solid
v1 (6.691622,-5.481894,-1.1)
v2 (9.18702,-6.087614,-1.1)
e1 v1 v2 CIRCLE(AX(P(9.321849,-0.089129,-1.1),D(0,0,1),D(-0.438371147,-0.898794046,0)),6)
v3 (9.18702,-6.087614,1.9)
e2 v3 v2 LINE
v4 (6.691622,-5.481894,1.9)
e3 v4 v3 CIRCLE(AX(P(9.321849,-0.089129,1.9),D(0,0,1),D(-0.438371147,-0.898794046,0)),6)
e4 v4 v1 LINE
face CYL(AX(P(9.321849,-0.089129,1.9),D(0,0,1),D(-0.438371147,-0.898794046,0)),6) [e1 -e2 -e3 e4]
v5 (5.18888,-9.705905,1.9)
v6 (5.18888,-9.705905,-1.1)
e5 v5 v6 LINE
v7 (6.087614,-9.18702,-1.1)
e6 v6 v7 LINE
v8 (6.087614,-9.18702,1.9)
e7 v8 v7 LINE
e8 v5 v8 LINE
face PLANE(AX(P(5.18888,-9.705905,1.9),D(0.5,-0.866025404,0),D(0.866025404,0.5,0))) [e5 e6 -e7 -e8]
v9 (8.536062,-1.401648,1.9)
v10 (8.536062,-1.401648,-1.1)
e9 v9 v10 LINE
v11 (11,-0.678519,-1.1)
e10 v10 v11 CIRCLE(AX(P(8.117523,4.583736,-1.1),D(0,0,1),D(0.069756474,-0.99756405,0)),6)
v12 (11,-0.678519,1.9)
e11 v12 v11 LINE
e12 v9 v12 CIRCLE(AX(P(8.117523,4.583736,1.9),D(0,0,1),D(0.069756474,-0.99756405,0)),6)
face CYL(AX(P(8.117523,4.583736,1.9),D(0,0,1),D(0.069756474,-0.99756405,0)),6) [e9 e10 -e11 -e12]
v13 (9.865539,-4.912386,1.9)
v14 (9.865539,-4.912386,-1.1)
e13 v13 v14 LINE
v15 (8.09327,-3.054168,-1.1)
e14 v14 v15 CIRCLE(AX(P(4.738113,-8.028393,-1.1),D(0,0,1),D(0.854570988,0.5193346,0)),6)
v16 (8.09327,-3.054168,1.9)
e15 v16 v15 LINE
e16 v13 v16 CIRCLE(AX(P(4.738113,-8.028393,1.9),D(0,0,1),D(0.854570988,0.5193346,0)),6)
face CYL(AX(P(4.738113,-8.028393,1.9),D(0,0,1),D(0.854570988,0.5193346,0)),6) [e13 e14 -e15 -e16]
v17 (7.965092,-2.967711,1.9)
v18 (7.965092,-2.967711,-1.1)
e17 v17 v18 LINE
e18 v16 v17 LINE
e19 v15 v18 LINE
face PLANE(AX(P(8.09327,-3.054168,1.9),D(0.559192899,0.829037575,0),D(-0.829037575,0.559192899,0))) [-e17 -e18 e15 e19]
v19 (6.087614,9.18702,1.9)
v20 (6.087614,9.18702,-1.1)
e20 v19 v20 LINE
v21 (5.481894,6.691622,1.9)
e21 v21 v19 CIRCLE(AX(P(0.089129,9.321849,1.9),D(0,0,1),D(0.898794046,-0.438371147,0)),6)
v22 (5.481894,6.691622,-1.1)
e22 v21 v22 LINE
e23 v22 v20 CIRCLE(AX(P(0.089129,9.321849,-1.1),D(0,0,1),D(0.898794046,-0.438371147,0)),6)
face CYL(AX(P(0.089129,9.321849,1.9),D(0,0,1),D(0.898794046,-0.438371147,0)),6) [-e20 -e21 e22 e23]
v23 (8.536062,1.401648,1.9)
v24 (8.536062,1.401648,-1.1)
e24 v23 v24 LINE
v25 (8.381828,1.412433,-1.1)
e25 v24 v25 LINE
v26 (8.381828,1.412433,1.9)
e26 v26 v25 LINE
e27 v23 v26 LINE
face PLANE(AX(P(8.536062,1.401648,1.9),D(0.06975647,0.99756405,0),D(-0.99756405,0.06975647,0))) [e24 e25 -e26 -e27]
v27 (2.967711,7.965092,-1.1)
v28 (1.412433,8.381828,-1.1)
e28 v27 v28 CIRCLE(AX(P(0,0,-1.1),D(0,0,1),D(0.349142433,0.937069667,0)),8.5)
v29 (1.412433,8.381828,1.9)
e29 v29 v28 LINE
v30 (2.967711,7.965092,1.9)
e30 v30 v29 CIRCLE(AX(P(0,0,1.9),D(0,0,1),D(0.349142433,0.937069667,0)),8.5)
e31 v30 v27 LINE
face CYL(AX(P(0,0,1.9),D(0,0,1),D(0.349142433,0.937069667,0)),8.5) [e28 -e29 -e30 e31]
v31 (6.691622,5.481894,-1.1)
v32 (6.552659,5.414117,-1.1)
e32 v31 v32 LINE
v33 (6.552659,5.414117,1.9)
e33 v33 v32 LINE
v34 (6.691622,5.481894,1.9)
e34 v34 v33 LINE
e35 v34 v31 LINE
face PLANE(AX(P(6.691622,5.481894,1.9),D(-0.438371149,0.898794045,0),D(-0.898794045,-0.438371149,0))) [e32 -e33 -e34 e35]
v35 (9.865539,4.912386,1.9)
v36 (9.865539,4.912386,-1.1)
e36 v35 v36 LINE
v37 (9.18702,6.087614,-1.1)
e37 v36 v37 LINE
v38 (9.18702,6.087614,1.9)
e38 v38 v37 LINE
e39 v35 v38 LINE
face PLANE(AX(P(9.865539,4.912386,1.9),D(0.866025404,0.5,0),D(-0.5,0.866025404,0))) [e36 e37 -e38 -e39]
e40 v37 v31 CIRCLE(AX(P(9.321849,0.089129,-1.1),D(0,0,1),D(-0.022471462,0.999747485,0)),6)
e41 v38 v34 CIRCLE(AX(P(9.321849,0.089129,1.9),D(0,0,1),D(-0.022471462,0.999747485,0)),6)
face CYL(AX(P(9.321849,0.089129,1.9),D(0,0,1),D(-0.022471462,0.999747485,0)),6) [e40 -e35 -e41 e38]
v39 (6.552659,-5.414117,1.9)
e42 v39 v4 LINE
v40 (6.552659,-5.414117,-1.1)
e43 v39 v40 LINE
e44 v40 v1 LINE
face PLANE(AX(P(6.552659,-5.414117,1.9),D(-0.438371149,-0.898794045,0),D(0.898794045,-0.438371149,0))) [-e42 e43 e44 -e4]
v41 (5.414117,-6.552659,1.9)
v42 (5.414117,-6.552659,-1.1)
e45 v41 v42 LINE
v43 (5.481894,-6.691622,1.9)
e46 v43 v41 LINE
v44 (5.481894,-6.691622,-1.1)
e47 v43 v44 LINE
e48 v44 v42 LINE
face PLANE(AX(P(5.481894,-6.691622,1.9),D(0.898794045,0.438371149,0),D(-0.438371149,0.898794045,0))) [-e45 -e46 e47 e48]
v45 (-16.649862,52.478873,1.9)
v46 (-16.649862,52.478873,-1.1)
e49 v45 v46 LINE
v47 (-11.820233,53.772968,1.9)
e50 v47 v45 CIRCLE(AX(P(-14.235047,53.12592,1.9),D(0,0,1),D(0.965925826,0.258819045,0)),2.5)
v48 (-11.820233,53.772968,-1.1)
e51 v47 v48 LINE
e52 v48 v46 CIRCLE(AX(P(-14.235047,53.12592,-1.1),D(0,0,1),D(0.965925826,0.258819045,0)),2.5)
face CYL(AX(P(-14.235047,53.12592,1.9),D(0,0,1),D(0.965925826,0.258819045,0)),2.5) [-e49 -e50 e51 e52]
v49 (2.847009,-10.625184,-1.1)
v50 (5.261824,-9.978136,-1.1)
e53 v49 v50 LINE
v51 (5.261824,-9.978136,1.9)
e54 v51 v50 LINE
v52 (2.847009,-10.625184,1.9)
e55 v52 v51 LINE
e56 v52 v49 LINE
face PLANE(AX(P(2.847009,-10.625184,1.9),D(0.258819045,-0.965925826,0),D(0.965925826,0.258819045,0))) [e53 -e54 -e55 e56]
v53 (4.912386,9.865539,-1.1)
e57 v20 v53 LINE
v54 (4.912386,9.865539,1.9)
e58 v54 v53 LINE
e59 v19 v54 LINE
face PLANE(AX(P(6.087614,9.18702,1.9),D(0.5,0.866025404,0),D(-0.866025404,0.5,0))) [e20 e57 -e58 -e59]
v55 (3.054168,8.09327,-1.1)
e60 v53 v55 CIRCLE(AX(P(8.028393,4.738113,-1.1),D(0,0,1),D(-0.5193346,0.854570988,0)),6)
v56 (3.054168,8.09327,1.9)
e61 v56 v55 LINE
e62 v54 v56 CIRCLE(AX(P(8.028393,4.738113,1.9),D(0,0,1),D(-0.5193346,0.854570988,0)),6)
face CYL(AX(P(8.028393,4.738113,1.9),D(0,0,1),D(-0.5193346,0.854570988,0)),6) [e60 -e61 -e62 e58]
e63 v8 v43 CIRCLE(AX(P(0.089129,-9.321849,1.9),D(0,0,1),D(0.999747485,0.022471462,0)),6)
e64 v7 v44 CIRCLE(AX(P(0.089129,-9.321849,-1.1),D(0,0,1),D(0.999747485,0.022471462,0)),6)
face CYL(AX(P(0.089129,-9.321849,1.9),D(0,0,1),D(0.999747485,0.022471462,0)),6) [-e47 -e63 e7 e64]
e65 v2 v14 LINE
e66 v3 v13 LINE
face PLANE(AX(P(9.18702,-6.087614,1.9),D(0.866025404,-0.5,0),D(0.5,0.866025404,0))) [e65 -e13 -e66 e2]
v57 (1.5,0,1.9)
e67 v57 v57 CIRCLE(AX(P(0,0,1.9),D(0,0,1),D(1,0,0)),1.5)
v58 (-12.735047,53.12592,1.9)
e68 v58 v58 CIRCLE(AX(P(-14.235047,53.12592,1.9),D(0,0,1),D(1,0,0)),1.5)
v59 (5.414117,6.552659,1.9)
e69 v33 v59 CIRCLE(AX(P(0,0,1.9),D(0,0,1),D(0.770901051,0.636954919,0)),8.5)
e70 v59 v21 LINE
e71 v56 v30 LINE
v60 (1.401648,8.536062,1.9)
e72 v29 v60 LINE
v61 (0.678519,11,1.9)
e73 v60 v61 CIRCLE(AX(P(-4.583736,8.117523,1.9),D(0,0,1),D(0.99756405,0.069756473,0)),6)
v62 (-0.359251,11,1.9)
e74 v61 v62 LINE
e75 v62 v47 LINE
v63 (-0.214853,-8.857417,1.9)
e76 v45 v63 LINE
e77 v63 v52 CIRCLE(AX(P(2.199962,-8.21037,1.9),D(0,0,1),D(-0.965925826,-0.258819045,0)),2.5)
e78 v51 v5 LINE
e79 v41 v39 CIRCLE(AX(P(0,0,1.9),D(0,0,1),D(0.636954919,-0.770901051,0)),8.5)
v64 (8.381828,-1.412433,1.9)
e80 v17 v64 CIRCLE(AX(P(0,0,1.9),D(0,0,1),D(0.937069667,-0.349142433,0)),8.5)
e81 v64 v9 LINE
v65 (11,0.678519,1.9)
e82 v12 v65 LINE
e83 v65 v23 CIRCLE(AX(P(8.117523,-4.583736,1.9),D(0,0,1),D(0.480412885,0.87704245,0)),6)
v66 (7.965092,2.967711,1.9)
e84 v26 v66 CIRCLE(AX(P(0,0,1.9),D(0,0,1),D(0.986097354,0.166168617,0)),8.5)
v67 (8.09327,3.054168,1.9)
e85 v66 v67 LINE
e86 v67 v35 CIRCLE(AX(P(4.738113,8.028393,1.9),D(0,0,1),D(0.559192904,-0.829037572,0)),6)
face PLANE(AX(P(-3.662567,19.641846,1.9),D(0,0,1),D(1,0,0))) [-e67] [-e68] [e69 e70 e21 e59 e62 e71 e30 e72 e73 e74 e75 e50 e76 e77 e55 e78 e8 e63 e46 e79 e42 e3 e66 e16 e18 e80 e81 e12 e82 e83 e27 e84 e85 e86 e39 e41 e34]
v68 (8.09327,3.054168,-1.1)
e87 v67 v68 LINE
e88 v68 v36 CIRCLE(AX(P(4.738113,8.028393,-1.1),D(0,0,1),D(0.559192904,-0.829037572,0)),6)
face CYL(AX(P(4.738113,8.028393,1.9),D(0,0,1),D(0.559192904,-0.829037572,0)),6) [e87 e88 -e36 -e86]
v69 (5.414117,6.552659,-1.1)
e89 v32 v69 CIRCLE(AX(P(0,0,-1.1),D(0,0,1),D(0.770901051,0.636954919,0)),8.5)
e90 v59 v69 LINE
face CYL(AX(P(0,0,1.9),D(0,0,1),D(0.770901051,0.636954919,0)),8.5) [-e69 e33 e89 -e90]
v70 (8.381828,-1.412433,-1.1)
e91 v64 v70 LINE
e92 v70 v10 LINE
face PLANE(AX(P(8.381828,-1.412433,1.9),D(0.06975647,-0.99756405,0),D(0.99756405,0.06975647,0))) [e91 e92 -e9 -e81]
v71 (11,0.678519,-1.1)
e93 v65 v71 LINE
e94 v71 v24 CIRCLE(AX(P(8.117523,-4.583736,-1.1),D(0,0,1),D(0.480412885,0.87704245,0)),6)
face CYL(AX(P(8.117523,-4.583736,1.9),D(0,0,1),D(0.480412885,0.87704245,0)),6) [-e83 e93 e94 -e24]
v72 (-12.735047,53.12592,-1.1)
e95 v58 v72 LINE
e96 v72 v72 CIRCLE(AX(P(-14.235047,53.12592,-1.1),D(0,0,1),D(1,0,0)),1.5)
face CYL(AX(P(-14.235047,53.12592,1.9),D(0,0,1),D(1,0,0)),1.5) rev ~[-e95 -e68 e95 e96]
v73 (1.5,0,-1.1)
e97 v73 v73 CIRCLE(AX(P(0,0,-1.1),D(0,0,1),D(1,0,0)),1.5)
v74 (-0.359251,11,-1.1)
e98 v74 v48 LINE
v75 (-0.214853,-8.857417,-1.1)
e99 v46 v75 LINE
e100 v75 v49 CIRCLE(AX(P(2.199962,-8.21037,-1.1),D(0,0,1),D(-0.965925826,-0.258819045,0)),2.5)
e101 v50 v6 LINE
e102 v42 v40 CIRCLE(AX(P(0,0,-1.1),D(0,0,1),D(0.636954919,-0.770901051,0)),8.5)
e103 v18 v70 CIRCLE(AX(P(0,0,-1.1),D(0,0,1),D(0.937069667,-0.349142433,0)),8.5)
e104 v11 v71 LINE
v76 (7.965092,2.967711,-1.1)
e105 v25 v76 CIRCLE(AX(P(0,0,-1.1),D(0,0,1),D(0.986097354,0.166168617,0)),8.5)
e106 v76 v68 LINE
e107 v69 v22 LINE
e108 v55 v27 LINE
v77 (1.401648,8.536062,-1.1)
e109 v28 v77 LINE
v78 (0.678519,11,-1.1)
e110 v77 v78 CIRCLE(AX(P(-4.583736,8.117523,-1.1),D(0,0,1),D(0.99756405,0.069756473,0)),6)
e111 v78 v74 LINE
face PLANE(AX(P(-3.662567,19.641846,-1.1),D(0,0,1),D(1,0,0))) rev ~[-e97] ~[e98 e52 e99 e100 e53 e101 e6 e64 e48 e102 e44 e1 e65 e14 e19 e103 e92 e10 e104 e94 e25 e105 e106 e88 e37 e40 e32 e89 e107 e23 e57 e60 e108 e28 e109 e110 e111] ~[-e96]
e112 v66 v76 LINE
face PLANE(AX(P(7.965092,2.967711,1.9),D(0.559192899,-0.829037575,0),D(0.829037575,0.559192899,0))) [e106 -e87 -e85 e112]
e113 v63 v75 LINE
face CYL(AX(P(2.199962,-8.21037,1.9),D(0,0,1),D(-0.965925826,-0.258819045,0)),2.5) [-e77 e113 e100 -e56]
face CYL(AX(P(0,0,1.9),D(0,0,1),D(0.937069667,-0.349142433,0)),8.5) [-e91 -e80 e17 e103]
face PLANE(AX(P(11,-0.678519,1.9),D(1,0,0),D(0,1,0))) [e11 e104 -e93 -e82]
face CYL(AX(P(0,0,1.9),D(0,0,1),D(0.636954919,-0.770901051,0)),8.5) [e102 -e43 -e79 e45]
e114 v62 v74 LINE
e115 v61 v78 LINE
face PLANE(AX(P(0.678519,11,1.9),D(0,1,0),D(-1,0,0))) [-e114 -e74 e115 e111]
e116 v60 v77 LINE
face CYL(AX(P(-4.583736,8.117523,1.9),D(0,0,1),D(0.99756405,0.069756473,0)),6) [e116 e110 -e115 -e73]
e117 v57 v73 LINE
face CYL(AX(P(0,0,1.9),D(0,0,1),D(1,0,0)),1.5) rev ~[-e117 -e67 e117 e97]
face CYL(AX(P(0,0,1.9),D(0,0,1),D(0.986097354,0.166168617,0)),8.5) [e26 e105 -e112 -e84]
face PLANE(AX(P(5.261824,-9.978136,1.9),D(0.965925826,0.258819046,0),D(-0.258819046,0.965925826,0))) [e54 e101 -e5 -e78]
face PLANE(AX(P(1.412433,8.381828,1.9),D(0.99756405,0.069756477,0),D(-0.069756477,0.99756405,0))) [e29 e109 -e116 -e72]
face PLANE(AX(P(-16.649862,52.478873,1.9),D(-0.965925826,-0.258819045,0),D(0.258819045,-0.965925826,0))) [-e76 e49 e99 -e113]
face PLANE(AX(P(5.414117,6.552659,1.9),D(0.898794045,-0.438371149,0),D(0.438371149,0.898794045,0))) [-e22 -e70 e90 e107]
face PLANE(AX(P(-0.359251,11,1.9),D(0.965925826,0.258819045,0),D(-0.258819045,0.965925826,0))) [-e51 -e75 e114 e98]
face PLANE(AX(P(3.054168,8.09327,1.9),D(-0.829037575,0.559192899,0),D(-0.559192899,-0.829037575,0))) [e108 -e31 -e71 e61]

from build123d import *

# Parameters (mm, degrees)
SKETCH1_R           = 1.5
BOSS_EXTRUDE1_DEPTH = 3


with BuildPart() as part:
    # Sketch1 → Boss-Extrude1 (new body)
    with BuildSketch(Plane.XY.offset(1.9)):
        with BuildLine():
            Line((-16.649862046, 52.478872833), (-0.214852682, -8.857417136))
            ThreePointArc((-0.214852682, -8.857417136), (0.949961883, -10.375433033), (2.847009496, -10.625184089))
            Line((2.847009496, -10.625184089), (5.261824062, -9.978136476))
            Line((5.261824062, -9.978136476), (5.188879797, -9.705904774))
            Line((5.188879797, -9.705904774), (6.08761429, -9.187020173))
            ThreePointArc((6.08761429, -9.187020173), (5.919814799, -7.906537121), (5.481893659, -6.691622066))
            Line((5.481893659, -6.691622066), (5.414116812, -6.552658937))
            ThreePointArc((5.414116812, -6.552658937), (6.01040764, -6.01040764), (6.552658937, -5.414116812))
            Line((6.552658937, -5.414116812), (6.691622066, -5.481893659))
            ThreePointArc((6.691622066, -5.481893659), (7.906537121, -5.919814799), (9.187020173, -6.08761429))
            Line((9.187020173, -6.08761429), (9.86553871, -4.91238571))
            ThreePointArc((9.86553871, -4.91238571), (9.079978562, -3.887354604), (8.093270203, -3.054167872))
            Line((8.093270203, -3.054167872), (7.965092167, -2.967710696))
            ThreePointArc((7.965092167, -2.967710696), (8.210369523, -2.199961883), (8.381827508, -1.41243323))
            Line((8.381827508, -1.41243323), (8.536061531, -1.401648137))
            ThreePointArc((8.536061531, -1.401648137), (9.807169402, -1.173441441), (11, -0.678518537))
            Line((11, -0.678518537), (11, 0.678518537))
            ThreePointArc((11, 0.678518537), (9.807169402, 1.173441441), (8.536061531, 1.401648137))
            Line((8.536061531, 1.401648137), (8.381827508, 1.41243323))
            ThreePointArc((8.381827508, 1.41243323), (8.210369523, 2.199961883), (7.965092167, 2.967710696))
            Line((7.965092167, 2.967710696), (8.093270203, 3.054167872))
            ThreePointArc((8.093270203, 3.054167872), (9.079978562, 3.887354604), (9.86553871, 4.91238571))
            Line((9.86553871, 4.91238571), (9.187020173, 6.08761429))
            ThreePointArc((9.187020173, 6.08761429), (7.906537121, 5.919814799), (6.691622066, 5.481893659))
            Line((6.691622066, 5.481893659), (6.552658937, 5.414116812))
            ThreePointArc((6.552658937, 5.414116812), (6.01040764, 6.01040764), (5.414116812, 6.552658937))
            Line((5.414116812, 6.552658937), (5.481893659, 6.691622066))
            ThreePointArc((5.481893659, 6.691622066), (5.919814799, 7.906537121), (6.08761429, 9.187020173))
            Line((6.08761429, 9.187020173), (4.91238571, 9.86553871))
            ThreePointArc((4.91238571, 9.86553871), (3.887354604, 9.079978562), (3.054167872, 8.093270203))
            Line((3.054167872, 8.093270203), (2.967710696, 7.965092167))
            ThreePointArc((2.967710696, 7.965092167), (2.199961883, 8.210369523), (1.41243323, 8.381827508))
            Line((1.41243323, 8.381827508), (1.401648136, 8.536061531))
            ThreePointArc((1.401648136, 8.536061531), (1.173441441, 9.807169402), (0.678518537, 11))
            Line((0.678518537, 11), (-0.359250666, 11))
            Line((-0.359250666, 11), (-11.820232915, 53.772968059))
            ThreePointArc((-11.820232915, 53.772968059), (-14.882095093, 55.540735012), (-16.649862046, 52.478872833))
        make_face()
        with Locations((-14.235047481, 53.125920446)):
            Circle(SKETCH1_R, mode=Mode.SUBTRACT)
        Circle(SKETCH1_R, mode=Mode.SUBTRACT)
    extrude(amount=-BOSS_EXTRUDE1_DEPTH)


solid = part.part
